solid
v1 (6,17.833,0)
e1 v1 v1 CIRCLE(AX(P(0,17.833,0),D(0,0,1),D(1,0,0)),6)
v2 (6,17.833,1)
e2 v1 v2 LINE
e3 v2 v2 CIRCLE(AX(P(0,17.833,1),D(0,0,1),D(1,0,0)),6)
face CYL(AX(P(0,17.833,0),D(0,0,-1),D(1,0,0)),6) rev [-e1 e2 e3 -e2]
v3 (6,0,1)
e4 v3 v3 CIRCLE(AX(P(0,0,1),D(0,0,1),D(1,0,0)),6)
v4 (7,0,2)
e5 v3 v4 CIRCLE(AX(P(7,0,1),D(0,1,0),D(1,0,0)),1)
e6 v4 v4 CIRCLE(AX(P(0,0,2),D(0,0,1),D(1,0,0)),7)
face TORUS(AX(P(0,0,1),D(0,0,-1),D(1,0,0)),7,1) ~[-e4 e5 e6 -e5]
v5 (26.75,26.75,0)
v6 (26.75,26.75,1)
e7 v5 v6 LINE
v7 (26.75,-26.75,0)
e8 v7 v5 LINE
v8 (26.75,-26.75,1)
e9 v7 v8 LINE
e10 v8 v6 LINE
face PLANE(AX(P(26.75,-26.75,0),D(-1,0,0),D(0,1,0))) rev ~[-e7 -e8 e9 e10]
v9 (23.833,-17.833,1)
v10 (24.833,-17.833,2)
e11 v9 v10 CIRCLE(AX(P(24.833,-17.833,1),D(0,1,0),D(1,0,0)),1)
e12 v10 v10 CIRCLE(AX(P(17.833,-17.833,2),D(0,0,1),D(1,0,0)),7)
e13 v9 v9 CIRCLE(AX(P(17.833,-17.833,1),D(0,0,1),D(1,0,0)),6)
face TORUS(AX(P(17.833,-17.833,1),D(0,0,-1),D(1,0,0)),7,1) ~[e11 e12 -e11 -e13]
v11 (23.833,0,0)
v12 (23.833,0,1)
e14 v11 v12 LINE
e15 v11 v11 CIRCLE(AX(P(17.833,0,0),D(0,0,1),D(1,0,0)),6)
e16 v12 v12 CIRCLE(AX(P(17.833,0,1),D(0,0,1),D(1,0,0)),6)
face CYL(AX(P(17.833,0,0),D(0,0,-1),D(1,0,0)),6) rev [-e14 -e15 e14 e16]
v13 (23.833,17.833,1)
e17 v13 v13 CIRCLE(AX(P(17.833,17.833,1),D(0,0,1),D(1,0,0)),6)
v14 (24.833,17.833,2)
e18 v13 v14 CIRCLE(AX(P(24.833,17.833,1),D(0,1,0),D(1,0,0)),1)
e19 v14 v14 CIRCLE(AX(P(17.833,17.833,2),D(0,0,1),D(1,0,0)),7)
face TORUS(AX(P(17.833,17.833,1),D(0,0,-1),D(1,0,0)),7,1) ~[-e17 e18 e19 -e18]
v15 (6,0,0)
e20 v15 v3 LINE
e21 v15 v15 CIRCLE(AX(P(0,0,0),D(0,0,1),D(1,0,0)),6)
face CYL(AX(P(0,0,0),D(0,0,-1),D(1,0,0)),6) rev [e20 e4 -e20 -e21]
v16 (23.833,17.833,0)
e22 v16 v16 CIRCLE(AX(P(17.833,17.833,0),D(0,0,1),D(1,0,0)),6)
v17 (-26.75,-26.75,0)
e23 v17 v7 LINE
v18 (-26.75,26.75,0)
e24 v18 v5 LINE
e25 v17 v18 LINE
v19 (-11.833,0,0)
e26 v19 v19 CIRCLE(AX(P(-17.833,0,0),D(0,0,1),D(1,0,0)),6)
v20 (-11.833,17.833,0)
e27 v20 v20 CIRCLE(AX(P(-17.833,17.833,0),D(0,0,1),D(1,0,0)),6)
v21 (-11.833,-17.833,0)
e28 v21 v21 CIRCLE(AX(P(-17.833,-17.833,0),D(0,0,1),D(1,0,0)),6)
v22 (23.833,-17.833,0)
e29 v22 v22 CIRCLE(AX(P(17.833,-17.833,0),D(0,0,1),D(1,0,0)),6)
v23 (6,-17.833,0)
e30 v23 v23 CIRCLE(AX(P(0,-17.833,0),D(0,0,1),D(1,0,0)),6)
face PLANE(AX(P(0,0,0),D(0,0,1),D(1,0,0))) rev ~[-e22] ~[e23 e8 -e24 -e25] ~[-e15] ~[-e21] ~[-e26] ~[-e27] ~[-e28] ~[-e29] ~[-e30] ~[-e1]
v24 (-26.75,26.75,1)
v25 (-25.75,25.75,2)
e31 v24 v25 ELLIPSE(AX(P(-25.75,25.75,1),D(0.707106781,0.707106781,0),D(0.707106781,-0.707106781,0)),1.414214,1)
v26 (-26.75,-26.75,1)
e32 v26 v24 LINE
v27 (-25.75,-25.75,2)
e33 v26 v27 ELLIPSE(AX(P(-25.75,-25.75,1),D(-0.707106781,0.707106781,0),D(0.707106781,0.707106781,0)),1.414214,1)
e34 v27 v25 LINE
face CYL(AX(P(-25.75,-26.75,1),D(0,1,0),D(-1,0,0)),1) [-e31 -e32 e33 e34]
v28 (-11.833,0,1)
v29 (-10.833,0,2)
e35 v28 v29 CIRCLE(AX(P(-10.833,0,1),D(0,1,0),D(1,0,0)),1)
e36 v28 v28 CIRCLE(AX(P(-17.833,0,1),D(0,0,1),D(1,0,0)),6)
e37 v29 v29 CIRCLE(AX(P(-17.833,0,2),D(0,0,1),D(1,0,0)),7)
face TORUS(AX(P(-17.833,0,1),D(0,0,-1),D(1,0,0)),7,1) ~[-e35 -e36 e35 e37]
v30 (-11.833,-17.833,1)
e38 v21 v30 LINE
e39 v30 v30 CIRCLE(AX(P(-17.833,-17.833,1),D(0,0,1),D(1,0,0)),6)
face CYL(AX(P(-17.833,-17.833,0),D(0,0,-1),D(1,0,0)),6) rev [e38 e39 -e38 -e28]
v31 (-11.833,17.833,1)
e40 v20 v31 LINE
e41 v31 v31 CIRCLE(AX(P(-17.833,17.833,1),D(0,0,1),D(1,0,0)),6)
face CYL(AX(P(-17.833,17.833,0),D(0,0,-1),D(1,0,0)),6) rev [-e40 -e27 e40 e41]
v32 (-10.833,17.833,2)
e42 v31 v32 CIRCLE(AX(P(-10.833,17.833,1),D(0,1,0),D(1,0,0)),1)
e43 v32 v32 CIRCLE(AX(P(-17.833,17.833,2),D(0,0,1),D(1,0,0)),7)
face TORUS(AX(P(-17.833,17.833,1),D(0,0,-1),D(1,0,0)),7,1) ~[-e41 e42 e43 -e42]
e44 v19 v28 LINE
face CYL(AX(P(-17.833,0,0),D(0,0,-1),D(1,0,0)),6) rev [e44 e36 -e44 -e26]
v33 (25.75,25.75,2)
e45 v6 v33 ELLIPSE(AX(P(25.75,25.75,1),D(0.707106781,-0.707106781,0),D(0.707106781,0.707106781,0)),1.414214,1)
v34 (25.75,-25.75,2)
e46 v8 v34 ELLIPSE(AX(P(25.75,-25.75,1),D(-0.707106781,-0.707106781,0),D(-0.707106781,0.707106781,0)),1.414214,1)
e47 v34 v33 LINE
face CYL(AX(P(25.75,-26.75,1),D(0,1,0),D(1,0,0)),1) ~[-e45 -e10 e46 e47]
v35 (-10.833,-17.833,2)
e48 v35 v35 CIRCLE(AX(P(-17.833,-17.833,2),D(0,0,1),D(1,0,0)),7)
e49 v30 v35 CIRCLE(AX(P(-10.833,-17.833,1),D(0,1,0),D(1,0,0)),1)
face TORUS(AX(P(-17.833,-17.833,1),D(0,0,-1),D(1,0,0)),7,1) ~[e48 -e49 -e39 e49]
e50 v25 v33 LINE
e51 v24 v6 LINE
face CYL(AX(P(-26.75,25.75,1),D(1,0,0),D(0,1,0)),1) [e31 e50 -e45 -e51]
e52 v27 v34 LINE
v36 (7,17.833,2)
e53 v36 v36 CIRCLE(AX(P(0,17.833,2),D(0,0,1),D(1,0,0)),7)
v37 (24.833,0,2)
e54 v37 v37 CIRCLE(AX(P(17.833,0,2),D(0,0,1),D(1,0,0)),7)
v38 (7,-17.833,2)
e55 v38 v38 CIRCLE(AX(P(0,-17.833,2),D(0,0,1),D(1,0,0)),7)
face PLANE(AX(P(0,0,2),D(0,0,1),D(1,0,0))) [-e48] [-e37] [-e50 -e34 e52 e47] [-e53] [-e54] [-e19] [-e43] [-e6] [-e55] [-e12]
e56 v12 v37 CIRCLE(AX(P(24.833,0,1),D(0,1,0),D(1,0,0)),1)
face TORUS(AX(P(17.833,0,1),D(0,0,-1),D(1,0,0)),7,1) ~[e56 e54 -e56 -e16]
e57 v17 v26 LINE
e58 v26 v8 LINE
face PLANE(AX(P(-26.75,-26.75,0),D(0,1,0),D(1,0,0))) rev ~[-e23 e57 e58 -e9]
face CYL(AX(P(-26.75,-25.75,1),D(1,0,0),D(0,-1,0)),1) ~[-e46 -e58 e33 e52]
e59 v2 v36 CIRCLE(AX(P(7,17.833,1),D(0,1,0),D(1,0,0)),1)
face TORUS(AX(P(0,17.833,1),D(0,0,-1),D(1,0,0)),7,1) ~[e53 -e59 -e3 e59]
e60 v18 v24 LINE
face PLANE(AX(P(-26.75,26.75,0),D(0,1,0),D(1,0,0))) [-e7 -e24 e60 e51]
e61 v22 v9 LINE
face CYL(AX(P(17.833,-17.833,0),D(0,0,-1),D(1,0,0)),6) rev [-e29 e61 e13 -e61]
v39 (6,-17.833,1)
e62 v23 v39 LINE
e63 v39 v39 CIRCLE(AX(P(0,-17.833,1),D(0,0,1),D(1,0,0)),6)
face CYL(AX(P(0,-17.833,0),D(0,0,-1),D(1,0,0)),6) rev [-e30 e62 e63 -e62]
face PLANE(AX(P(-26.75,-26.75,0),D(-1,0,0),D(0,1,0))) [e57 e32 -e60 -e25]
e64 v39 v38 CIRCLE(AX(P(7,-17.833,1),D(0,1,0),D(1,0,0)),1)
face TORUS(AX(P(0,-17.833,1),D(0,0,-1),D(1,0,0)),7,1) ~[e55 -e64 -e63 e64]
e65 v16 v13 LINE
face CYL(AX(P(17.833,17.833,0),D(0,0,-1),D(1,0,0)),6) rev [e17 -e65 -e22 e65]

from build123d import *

# Parameters (mm, degrees)
F0_W     = 53.5
F0_H     = 53.5
F0_R     = 6
F1_DEPTH = 2
F2_R     = 1


with BuildPart() as f1:
    # F0 (on Top) → F1 (new body)
    with BuildSketch(Plane.XY):
        Rectangle(F0_W, F0_H)
        with Locations((-17.833, -17.833)):
            Circle(F0_R, mode=Mode.SUBTRACT)
        with Locations((0, -17.833)):
            Circle(F0_R, mode=Mode.SUBTRACT)
        with Locations((-17.833, 0)):
            Circle(F0_R, mode=Mode.SUBTRACT)
        Circle(F0_R, mode=Mode.SUBTRACT)
        with Locations((17.833, -17.833)):
            Circle(F0_R, mode=Mode.SUBTRACT)
        with Locations((17.833, 0)):
            Circle(F0_R, mode=Mode.SUBTRACT)
        with Locations((-17.833, 17.833)):
            Circle(F0_R, mode=Mode.SUBTRACT)
        with Locations((0, 17.833)):
            Circle(F0_R, mode=Mode.SUBTRACT)
        with Locations((17.833, 17.833)):
            Circle(F0_R, mode=Mode.SUBTRACT)
    extrude(amount=F1_DEPTH)

    # F2
    f2_edges = [f1.edges().sort_by_distance(p)[0] for p in [
        (26.75, 0, 2),
        (0, 26.75, 2),
        (-26.75, 0, 2),
        (0, -26.75, 2),
        (-23.833, -17.833, 2),
        (-6, -17.833, 2),
        (-23.833, 0, 2),
        (-6, 0, 2),
        (11.833, -17.833, 2),
        (11.833, 0, 2),
        (-23.833, 17.833, 2),
        (-6, 17.833, 2),
        (11.833, 17.833, 2),
    ]]
    fillet(f2_edges, radius=F2_R)


solid = f1.part
